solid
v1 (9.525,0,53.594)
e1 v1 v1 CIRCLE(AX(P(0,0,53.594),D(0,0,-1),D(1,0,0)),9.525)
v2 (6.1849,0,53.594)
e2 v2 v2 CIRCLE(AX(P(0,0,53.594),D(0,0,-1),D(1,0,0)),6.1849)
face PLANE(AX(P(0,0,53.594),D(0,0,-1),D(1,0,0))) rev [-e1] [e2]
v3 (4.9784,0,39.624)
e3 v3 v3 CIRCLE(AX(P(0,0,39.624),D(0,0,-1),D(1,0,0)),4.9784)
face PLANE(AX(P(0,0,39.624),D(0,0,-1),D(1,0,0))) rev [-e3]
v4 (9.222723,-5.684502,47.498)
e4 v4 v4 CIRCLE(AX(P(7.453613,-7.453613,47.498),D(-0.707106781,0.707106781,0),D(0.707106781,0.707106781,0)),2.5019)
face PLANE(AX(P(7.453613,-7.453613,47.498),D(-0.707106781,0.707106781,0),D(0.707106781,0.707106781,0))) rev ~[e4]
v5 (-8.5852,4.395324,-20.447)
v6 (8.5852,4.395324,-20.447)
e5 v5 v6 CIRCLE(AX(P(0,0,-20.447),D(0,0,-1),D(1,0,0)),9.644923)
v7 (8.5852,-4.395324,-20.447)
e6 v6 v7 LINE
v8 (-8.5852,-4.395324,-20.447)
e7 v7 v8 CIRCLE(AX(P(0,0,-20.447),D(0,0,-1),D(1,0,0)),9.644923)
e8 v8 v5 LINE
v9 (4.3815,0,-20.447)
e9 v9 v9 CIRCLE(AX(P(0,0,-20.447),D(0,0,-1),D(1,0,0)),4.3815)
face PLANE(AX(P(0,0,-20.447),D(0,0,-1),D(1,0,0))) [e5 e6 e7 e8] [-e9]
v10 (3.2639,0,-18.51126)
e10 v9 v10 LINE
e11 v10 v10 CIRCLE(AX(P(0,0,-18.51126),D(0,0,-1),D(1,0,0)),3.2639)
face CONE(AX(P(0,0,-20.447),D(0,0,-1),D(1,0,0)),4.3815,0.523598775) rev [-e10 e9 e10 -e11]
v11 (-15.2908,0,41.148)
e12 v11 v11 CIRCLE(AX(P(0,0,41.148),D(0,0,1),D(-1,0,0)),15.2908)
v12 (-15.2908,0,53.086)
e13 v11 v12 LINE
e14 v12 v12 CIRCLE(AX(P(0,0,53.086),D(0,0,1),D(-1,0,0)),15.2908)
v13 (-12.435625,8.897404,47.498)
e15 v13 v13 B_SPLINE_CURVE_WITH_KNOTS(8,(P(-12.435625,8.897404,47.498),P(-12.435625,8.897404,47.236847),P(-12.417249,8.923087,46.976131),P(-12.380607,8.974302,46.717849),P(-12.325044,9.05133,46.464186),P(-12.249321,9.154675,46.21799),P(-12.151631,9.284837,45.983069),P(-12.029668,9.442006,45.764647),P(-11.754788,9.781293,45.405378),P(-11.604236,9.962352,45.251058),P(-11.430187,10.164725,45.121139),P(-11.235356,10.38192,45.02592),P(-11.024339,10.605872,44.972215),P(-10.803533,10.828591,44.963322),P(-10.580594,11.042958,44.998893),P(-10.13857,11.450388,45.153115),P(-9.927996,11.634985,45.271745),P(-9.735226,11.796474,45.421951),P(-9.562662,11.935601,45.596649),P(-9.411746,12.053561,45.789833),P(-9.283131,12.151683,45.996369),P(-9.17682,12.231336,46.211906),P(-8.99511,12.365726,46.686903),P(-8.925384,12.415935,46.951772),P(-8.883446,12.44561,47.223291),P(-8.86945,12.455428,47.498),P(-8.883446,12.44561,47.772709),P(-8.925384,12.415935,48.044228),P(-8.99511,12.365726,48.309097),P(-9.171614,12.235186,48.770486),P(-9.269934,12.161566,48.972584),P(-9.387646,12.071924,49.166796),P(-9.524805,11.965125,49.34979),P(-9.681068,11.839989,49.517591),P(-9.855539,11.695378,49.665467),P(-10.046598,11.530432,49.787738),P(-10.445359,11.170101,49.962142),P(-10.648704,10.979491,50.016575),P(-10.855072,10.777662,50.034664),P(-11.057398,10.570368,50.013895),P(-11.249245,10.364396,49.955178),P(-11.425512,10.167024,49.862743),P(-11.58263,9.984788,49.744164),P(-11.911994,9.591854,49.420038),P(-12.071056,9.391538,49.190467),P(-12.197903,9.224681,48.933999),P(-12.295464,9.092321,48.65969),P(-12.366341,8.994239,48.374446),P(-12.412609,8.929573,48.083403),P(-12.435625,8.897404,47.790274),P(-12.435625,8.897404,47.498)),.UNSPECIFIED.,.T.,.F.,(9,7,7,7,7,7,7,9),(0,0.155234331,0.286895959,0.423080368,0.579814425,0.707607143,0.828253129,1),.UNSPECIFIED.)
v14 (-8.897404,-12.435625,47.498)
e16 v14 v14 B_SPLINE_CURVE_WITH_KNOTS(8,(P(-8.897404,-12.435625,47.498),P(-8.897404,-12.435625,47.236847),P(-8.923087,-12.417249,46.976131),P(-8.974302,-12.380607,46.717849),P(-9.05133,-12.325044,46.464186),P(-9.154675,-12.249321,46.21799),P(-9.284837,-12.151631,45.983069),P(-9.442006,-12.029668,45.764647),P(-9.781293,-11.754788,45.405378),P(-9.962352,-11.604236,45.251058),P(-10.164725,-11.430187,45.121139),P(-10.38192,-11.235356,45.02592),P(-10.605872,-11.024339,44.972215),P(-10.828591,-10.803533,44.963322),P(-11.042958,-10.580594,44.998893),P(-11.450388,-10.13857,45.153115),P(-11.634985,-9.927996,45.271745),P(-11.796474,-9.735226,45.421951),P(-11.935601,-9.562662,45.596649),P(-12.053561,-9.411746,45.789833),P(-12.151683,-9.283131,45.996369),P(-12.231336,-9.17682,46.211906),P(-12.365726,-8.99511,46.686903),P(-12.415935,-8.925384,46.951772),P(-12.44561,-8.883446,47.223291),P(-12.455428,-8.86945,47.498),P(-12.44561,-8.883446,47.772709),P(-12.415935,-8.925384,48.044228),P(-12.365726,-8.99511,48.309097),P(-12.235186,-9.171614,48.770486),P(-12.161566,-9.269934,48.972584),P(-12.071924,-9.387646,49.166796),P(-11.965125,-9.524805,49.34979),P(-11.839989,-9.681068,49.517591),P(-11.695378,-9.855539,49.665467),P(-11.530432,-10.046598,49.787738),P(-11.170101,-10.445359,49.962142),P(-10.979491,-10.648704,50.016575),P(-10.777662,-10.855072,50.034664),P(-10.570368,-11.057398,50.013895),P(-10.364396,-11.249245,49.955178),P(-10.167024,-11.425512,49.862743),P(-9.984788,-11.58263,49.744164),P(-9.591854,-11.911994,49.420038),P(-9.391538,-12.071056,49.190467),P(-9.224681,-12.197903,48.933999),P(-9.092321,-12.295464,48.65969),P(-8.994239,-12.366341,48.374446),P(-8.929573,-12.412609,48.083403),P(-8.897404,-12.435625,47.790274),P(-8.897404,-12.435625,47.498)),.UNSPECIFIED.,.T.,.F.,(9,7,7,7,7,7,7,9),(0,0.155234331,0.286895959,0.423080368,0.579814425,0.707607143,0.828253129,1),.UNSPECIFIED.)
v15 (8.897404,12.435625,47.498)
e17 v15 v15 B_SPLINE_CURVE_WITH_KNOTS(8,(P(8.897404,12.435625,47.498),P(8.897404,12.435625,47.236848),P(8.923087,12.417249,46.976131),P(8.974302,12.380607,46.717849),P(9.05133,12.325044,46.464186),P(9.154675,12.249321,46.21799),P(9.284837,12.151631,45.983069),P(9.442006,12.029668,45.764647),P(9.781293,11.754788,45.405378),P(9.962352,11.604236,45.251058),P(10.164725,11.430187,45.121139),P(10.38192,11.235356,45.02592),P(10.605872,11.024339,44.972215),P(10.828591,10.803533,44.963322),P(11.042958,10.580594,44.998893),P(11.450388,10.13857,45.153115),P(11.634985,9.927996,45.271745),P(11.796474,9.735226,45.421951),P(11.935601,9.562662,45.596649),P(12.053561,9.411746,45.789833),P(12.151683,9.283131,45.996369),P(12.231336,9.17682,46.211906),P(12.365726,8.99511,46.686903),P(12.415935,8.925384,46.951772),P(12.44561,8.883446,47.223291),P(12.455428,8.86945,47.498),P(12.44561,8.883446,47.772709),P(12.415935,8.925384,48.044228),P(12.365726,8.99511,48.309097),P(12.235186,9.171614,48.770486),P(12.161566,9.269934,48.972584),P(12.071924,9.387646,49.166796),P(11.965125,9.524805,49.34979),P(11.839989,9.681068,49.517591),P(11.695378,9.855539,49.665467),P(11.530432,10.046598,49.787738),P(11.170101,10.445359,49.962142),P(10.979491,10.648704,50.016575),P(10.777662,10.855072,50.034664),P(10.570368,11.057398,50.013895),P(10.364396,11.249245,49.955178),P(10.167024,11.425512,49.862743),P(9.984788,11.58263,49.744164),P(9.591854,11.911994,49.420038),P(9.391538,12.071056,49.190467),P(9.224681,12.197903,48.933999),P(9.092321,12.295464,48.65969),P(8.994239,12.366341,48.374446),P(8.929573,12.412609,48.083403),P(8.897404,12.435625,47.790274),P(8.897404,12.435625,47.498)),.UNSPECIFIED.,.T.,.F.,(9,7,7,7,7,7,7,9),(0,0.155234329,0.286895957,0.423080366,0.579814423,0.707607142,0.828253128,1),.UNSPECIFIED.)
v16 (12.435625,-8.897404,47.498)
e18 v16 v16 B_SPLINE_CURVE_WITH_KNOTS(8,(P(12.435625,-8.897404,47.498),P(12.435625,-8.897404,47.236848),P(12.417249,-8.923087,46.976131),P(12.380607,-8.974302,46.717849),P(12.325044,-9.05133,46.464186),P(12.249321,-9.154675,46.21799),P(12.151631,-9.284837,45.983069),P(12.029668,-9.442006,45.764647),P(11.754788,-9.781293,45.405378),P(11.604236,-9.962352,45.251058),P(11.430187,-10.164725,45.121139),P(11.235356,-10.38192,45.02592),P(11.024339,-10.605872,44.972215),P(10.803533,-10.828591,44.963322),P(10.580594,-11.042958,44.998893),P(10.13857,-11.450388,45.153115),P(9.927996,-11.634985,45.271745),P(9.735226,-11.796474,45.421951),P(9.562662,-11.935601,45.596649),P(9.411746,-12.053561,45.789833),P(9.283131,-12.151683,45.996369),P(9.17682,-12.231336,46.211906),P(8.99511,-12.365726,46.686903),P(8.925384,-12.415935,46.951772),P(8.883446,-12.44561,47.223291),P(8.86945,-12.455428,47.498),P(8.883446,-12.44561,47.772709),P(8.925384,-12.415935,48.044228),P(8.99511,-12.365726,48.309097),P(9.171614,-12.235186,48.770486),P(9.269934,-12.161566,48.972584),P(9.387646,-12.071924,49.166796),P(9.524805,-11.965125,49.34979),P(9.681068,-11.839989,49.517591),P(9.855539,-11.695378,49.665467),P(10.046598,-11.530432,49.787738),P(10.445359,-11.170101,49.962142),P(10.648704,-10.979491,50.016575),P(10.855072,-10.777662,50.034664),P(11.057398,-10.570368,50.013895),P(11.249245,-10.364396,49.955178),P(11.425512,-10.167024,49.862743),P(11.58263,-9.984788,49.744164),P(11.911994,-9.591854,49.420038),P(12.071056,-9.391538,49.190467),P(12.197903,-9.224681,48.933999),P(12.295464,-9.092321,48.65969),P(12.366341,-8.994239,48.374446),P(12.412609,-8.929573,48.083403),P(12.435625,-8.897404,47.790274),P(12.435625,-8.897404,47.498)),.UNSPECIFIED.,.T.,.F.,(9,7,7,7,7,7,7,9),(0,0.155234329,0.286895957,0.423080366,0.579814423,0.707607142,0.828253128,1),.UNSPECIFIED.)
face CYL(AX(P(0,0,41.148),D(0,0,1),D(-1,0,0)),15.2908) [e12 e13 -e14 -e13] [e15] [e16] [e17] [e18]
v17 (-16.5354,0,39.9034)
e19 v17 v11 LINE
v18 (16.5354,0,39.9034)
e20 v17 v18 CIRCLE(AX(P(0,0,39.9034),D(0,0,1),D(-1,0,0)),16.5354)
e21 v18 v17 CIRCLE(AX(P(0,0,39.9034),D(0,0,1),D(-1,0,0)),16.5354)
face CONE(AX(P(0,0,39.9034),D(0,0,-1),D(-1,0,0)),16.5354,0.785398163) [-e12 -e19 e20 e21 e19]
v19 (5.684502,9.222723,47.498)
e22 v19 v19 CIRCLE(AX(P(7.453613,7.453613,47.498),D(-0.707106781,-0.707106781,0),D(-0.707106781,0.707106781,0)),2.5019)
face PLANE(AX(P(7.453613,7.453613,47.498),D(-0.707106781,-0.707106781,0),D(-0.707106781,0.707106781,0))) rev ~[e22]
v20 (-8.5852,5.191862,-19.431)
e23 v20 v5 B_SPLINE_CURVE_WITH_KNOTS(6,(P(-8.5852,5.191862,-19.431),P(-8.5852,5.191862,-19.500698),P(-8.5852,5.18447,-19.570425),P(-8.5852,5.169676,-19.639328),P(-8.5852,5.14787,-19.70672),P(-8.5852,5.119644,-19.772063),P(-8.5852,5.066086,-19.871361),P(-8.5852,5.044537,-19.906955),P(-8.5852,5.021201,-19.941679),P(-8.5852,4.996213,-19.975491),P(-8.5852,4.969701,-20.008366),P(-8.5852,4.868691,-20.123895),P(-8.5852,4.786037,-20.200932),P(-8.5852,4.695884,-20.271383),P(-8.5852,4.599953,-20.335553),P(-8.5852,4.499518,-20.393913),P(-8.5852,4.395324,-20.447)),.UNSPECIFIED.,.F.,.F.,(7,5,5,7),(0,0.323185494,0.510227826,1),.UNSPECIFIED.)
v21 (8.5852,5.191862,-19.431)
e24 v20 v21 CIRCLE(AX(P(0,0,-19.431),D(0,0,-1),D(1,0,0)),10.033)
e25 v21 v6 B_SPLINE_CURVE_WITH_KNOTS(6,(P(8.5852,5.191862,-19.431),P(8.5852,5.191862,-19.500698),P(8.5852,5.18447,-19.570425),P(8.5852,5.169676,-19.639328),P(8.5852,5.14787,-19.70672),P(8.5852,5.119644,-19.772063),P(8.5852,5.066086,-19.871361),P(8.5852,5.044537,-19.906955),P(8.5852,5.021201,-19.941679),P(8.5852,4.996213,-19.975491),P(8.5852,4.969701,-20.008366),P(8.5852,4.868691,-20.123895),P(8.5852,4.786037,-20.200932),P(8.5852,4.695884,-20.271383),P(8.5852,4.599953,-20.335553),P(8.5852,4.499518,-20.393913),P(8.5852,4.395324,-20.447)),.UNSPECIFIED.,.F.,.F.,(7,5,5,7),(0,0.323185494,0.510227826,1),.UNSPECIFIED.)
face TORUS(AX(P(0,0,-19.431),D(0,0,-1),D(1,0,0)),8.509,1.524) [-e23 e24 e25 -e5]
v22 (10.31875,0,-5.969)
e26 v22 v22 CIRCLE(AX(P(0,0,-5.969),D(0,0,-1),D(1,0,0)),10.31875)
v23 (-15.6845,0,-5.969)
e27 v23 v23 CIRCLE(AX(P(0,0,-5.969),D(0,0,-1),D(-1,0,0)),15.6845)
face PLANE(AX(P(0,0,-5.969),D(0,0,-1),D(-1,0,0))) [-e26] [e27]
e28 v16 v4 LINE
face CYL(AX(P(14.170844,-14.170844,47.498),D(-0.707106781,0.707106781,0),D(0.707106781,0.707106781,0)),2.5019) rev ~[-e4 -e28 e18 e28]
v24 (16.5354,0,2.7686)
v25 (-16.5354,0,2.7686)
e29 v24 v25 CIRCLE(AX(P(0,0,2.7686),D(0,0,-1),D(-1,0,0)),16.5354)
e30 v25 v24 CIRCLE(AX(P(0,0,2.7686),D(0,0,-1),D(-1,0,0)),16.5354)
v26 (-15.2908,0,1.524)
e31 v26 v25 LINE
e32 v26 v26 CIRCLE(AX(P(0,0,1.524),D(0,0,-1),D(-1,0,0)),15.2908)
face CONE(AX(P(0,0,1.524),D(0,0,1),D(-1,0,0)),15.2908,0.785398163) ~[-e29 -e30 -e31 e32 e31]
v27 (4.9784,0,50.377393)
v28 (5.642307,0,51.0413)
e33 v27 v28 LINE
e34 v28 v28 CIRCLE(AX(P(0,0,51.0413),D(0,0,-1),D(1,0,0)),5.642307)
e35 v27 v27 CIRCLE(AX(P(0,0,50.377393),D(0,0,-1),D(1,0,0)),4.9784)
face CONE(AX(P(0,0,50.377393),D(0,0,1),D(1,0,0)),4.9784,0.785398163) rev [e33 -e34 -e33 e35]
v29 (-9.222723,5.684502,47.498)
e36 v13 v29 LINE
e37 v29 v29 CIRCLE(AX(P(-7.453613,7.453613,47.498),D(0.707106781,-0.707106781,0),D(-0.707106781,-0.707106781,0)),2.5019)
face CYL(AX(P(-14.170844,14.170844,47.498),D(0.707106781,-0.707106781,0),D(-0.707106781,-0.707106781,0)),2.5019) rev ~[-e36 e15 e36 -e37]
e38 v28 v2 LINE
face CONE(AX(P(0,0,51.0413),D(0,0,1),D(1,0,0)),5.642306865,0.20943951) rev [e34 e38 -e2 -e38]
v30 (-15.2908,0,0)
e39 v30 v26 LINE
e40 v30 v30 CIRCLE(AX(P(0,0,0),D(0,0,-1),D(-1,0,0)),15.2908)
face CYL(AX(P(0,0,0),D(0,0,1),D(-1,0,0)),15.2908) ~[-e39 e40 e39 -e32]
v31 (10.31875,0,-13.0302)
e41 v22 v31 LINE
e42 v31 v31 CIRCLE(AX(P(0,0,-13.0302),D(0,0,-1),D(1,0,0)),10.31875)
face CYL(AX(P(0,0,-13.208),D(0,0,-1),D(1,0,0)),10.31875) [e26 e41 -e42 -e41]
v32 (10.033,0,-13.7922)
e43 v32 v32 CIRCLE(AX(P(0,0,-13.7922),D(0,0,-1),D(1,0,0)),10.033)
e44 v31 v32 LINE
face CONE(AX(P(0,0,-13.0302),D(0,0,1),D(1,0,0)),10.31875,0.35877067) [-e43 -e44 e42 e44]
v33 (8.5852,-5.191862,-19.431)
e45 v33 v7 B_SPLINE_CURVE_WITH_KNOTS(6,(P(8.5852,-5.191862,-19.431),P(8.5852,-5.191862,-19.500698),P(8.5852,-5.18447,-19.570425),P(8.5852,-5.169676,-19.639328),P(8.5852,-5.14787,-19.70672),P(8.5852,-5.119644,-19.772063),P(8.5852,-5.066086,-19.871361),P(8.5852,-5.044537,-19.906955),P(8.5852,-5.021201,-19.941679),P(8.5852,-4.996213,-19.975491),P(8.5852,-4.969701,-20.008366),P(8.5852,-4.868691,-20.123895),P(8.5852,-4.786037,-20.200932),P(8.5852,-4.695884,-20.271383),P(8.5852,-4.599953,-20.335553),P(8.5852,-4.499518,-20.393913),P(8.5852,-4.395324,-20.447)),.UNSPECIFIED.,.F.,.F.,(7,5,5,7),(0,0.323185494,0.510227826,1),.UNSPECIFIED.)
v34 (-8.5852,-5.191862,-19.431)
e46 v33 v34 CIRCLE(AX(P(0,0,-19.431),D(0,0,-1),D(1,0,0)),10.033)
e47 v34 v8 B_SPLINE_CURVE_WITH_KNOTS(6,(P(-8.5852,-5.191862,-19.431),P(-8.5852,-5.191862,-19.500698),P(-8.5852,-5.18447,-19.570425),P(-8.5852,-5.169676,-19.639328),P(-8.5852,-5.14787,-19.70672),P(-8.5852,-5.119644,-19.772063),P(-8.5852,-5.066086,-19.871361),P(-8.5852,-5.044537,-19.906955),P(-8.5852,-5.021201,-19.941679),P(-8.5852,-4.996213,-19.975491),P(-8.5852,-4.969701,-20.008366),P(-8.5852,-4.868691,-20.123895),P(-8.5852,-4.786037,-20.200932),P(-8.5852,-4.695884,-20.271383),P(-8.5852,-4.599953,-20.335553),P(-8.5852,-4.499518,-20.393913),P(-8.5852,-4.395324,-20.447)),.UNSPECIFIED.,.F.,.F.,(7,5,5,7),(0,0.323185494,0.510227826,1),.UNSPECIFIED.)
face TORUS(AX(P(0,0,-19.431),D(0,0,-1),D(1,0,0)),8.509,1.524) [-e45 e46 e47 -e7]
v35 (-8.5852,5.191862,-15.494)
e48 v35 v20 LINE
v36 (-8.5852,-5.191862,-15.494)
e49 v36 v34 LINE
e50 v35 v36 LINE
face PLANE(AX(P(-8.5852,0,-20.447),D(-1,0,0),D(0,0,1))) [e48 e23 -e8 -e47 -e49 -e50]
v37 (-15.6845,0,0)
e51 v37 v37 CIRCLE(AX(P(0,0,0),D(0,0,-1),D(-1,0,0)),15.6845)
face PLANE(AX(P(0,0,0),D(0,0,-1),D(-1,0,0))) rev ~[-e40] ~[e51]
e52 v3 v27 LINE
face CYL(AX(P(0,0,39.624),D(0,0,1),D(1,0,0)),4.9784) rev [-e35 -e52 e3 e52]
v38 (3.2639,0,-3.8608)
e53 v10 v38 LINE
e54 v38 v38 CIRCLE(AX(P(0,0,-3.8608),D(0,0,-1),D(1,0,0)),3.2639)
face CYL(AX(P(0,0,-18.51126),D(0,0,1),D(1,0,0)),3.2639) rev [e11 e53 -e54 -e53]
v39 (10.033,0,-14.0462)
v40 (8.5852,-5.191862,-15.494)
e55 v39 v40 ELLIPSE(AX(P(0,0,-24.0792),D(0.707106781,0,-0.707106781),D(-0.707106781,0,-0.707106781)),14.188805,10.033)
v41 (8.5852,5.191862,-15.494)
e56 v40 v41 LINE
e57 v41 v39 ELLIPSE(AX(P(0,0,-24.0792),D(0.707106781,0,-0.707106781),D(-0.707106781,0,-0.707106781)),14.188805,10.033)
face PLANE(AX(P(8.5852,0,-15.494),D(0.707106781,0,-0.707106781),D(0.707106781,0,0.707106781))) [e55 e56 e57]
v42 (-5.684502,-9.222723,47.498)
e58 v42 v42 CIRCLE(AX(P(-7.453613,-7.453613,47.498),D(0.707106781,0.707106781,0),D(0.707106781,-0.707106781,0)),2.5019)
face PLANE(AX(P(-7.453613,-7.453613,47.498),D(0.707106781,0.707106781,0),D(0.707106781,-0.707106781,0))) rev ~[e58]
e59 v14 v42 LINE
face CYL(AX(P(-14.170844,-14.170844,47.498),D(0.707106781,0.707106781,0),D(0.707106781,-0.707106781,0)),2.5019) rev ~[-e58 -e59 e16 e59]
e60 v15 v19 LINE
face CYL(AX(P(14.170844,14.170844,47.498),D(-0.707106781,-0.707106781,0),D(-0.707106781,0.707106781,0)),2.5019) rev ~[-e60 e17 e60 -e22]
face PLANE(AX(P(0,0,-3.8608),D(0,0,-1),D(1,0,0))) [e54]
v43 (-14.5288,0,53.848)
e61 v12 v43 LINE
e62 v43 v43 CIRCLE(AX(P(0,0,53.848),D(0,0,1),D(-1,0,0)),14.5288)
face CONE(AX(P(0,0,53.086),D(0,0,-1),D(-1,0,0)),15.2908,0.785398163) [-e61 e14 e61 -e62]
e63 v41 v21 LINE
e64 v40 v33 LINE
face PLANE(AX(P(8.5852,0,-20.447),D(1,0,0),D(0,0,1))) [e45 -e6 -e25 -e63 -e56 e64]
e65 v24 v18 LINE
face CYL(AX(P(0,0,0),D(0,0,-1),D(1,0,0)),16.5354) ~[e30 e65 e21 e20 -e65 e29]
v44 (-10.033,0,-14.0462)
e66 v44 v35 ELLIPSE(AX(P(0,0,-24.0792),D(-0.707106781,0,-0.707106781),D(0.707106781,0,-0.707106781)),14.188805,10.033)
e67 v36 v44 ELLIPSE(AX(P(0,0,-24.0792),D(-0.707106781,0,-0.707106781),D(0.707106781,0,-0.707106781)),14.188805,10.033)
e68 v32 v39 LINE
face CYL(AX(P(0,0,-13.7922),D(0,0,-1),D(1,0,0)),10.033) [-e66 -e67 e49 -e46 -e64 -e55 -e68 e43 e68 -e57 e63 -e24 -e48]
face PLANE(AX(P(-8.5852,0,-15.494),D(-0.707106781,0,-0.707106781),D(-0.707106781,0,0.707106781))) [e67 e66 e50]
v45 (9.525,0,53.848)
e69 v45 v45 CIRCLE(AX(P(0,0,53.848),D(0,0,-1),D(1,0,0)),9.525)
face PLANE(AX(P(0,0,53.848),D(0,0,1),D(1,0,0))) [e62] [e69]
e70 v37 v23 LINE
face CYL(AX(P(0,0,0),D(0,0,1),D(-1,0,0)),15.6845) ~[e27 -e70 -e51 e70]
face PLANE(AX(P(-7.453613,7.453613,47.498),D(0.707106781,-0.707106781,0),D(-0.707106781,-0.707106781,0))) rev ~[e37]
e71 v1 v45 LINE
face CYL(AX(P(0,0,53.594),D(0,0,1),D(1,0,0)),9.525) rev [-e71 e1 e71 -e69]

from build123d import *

# Parameters (mm, degrees)
SKETCH1_R          = 16.5354
EXTRUDE1_DEPTH     = 53.848
CHAMFER1_SIZE      = 0.762
SKETCH6_R          = 15.6845
EXTRUDE2_DEPTH     = 5.969
SKETCH7_W          = 14.478
SKETCH7_H          = 10.31875
CUT_EXTRUDE4_DEPTH = 19.84248
HOLE1_D            = 5.0038
HOLE1_DEPTH        = 4.7498
CIRPATTERN1_COUNT  = 4


with BuildPart() as part:
    # Sketch1 → Extrude1 (new body)
    with BuildSketch(Plane.XY):
        Circle(SKETCH1_R)
    extrude(amount=EXTRUDE1_DEPTH)

    # Sketch2 → Cut-Revolve1 (revolve, cut)
    with BuildSketch(Plane(origin=(0, 0, 0), x_dir=(1, 0, 0), z_dir=(0, 1, 0)), mode=Mode.PRIVATE) as cut_revolve1_sk:
        Polygon((16.5354, -53.848), (16.5354, -39.9034), (15.2908, -41.148), (15.2908, -53.848), align=None)
    revolve(cut_revolve1_sk.sketch.rotate(Axis((0, 0, 0), (0, 0, 1)), 180), axis=Axis((0, 0, 0), (0, 0, 1)), mode=Mode.SUBTRACT)  # turned: the seam where the file's is

    # Sketch3 → Cut-Revolve2 (revolve, cut)
    with BuildSketch(Plane(origin=(0, 0, 0), x_dir=(1, 0, 0), z_dir=(0, 1, 0)), mode=Mode.PRIVATE) as cut_revolve2_sk:
        Polygon((15.2908, 0), (15.2908, -1.524), (16.5354, -2.7686), (16.5354, 0), align=None)
    revolve(cut_revolve2_sk.sketch.rotate(Axis((0, 0, 0), (0, 0, -1)), 180), axis=Axis((0, 0, 0), (0, 0, -1)), mode=Mode.SUBTRACT)  # turned: the seam where the file's is

    # S2D0002 → Cut-Revolve3 (revolve, cut)
    with BuildSketch(Plane(origin=(0, 0, 0), x_dir=(1, 0, 0), z_dir=(0, 1, 0))):
        Polygon((6.1849, -53.594), (9.525, -53.594), (9.525, -53.848), (0, -53.848), (0, -39.624), (4.9784, -39.624), (4.9784, -50.377393135), (5.642306865, -51.0413), align=None)
    revolve(axis=Axis((0, 0, 14.6685), (0, 0, -1)), mode=Mode.SUBTRACT)

    # Chamfer1
    chamfer1_edges = [part.edges().sort_by_distance(p)[0] for p in [
        (15.2908, 0, 53.848),
    ]]
    chamfer(chamfer1_edges, length=CHAMFER1_SIZE)

    # Sketch6 → Extrude2 (add)
    with BuildSketch(Plane(origin=(0, 0, 0), x_dir=(-1, 0, 0), z_dir=(0, 0, -1))):
        Circle(SKETCH6_R)
    extrude(amount=EXTRUDE2_DEPTH)

    # Sketch7 → Revolve1 (revolve)
    with BuildSketch(Plane(origin=(0, 0, 0), x_dir=(0, 0, -1), z_dir=(1, 0, 0)), mode=Mode.PRIVATE) as revolve1_sk:
        with Locations((13.208, -5.159375)):
            Rectangle(SKETCH7_W, SKETCH7_H)
    revolve(revolve1_sk.sketch.rotate(Axis((0, 0, 0), (0, 0, -1)), 270), axis=Axis((0, 0, 0), (0, 0, -1)))  # turned: the seam where the file's is

    # S2D0001 → Cut-Revolve5 (revolve, cut)
    with BuildSketch(Plane(origin=(0, 0, 0), x_dir=(1, 0, 0), z_dir=(0, 1, 0))):
        Polygon((3.2639, 18.511260017), (3.2639, 3.8608), (0, 3.8608), (0, 20.447), (4.3815, 20.447), align=None)
    revolve(axis=Axis((0, 0, 31.308359971), (0, 0, -1)), mode=Mode.SUBTRACT)

    # Sketch9 → Cut-Revolve6 (revolve, cut)
    with BuildSketch(Plane(origin=(0, 0, 0), x_dir=(0, -1, 0), z_dir=(1, 0, 0)), mode=Mode.PRIVATE) as cut_revolve6_sk:
        with BuildLine():
            Line((-10.31875, 13.0302), (-10.033, 13.7922))
            Line((-10.033, 13.7922), (-10.033, 19.431))
            ThreePointArc((-10.033, 19.431), (-9.932678675, 19.974796865), (-9.644922533, 20.447))
            Line((-9.644922533, 20.447), (-10.31875, 20.447))
            Line((-10.31875, 20.447), (-10.31875, 13.0302))
        make_face()
    revolve(cut_revolve6_sk.sketch.rotate(Axis((0, 0, -12.65936), (0, 0, -1)), 90), axis=Axis((0, 0, -12.65936), (0, 0, -1)), mode=Mode.SUBTRACT)  # turned: the seam where the file's is

    # Sketch13 → Cut-Extrude4 (cut, symmetric)
    with BuildSketch(Plane(origin=(0, 0, 0), x_dir=(1, 0, 0), z_dir=(0, 1, 0))):
        Polygon((8.5852, 20.447), (8.5852, 15.494), (10.033, 14.0462), (10.033, 20.447), align=None)
        Polygon((-8.5852, 20.447), (-8.5852, 15.494), (-10.033, 14.0462), (-10.033, 20.447), align=None)
    extrude(amount=CUT_EXTRUDE4_DEPTH, both=True, mode=Mode.SUBTRACT)

    # Hole1
    with Locations(Plane(origin=(-10.81222837, 10.81222837, 47.498), x_dir=(0.707106781, 0.707106781, 0), z_dir=(-0.707106781, 0.707106781, 0))):
        with Locations((0, 0)):
            hole1 = Hole(HOLE1_D / 2, depth=HOLE1_DEPTH)

    # CirPattern1: Hole1 ×4 about axis
    cirpattern1_axis = Axis((0, 0, 0), (0, 0, 1))
    for i in range(1, CIRPATTERN1_COUNT):
        add(hole1.rotate(cirpattern1_axis, i * 360 / CIRPATTERN1_COUNT), mode=Mode.SUBTRACT)


solid = part.part
